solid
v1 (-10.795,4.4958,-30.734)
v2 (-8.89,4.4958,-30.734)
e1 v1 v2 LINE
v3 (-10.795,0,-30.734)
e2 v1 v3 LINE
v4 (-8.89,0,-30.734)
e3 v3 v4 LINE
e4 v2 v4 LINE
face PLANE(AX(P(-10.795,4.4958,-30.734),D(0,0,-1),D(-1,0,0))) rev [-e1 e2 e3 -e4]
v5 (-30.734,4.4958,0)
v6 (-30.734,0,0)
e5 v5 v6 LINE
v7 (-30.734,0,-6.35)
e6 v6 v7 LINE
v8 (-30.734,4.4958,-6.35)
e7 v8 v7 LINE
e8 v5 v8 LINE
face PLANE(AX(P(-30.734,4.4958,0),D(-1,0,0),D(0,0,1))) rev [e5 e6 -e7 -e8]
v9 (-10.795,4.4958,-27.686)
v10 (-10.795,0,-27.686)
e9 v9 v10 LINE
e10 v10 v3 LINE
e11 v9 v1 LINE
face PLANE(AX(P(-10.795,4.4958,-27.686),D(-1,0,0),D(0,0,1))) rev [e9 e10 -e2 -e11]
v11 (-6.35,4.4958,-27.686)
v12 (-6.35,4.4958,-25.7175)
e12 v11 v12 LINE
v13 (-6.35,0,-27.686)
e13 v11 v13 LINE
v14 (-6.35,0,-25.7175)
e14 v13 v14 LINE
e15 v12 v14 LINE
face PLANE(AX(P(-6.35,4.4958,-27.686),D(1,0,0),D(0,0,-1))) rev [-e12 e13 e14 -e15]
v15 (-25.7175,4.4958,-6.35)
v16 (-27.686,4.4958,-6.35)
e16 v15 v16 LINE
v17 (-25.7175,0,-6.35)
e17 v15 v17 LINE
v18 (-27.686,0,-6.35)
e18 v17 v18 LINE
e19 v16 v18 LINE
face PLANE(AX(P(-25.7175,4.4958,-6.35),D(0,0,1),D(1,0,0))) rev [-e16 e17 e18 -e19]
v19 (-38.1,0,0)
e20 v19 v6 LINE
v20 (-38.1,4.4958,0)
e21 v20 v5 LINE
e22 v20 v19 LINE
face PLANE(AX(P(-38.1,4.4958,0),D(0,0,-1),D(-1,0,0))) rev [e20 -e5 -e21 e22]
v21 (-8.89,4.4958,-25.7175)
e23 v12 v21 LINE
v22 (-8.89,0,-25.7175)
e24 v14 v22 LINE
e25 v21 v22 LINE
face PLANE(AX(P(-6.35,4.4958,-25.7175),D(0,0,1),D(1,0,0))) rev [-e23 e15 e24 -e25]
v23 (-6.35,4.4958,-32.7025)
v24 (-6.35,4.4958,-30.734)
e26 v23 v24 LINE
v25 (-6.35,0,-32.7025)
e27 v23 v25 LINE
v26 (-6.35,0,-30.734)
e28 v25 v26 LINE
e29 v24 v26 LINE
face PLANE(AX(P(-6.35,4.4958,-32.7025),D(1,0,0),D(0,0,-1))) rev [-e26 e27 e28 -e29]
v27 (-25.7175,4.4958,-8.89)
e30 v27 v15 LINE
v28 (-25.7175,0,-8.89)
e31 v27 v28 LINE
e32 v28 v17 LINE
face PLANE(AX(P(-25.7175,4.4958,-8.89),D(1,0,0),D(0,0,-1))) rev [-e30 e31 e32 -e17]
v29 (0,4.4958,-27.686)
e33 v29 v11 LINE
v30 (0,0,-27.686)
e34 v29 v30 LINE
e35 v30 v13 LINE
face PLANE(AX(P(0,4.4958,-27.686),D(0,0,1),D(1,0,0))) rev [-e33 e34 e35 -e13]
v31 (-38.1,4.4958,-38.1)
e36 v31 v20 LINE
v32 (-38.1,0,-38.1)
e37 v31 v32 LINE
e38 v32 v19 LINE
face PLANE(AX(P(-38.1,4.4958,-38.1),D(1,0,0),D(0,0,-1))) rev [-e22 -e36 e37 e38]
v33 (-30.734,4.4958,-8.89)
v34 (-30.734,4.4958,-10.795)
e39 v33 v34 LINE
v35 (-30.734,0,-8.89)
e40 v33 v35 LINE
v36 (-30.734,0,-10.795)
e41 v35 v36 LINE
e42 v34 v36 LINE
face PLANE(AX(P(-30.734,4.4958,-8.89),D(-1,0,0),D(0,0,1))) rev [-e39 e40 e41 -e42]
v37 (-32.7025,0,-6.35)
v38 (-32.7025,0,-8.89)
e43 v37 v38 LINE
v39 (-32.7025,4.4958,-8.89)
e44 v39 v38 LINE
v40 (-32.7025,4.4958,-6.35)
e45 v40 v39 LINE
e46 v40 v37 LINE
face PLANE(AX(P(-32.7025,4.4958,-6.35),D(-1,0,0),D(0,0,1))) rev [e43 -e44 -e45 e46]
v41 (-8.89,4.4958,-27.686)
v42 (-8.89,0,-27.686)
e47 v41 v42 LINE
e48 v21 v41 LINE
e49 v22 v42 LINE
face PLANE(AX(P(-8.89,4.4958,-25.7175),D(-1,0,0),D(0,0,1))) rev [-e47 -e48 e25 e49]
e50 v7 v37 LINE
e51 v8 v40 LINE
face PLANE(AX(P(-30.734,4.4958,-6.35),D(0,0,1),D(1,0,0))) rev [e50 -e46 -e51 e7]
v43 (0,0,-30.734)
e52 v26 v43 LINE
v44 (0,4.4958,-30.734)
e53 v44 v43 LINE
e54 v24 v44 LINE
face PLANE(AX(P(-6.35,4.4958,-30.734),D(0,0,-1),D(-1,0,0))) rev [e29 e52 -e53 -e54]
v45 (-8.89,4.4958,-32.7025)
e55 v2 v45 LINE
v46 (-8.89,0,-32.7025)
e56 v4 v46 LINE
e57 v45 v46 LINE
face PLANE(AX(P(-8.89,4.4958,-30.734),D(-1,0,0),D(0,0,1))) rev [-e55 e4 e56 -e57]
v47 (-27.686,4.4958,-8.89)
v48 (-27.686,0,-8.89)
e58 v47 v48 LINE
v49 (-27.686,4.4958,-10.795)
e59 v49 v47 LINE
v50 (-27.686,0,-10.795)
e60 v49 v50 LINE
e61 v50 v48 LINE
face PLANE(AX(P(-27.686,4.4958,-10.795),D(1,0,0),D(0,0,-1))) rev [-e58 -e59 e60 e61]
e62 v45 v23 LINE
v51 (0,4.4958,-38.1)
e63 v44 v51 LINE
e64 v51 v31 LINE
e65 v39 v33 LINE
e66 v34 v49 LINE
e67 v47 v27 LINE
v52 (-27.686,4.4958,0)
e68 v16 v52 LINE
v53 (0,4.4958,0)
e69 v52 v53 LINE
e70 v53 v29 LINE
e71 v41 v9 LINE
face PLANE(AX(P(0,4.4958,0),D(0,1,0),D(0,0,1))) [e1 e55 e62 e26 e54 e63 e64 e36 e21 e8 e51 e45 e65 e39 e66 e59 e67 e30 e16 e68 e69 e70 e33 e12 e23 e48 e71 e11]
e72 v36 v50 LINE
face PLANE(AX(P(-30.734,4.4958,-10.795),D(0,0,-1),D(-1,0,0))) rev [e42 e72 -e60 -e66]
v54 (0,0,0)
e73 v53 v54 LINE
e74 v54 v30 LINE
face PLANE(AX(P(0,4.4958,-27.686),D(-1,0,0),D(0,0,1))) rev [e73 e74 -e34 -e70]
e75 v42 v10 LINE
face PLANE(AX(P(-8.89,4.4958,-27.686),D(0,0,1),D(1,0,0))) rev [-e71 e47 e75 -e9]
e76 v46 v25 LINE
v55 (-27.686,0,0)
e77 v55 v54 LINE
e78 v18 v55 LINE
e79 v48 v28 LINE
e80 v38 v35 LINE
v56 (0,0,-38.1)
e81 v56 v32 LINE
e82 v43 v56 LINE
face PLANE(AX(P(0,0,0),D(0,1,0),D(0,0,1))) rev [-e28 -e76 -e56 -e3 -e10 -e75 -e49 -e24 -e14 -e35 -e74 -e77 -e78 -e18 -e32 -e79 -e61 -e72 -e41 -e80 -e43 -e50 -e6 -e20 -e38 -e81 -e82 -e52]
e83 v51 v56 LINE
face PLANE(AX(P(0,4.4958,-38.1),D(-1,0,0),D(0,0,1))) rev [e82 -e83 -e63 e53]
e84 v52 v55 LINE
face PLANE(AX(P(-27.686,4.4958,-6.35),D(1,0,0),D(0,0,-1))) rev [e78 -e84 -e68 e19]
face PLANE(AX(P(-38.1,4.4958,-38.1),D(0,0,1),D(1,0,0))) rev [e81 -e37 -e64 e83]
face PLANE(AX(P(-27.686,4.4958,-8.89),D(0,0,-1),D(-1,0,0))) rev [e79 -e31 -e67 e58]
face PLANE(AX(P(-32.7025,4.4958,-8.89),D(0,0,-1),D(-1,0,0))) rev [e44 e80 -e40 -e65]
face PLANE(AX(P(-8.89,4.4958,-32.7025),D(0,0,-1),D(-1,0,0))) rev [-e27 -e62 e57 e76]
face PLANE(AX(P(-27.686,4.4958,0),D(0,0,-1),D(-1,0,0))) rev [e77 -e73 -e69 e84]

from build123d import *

# Parameters (mm, degrees)
BOSS_EXTRUDE1_DEPTH = 4.4958


with BuildPart() as part:
    # Sketch1 → Boss-Extrude1 (new body)
    with BuildSketch(Plane(origin=(0, 0, 0), x_dir=(1, 0, 0), z_dir=(0, 1, 0))):
        Polygon((-30.734, 0), (-30.734, 6.35), (-32.7025, 6.35), (-32.7025, 8.89), (-30.734, 8.89), (-30.734, 10.795), (-27.686, 10.795), (-27.686, 8.89), (-25.7175, 8.89), (-25.7175, 6.35), (-27.686, 6.35), (-27.686, 0), (0, 0), (0, 27.686), (-6.35, 27.686), (-6.35, 25.7175), (-8.89, 25.7175), (-8.89, 27.686), (-10.795, 27.686), (-10.795, 30.734), (-8.89, 30.734), (-8.89, 32.7025), (-6.35, 32.7025), (-6.35, 30.734), (0, 30.734), (0, 38.1), (-38.1, 38.1), (-38.1, 0), align=None)
    extrude(amount=BOSS_EXTRUDE1_DEPTH)


solid = part.part
